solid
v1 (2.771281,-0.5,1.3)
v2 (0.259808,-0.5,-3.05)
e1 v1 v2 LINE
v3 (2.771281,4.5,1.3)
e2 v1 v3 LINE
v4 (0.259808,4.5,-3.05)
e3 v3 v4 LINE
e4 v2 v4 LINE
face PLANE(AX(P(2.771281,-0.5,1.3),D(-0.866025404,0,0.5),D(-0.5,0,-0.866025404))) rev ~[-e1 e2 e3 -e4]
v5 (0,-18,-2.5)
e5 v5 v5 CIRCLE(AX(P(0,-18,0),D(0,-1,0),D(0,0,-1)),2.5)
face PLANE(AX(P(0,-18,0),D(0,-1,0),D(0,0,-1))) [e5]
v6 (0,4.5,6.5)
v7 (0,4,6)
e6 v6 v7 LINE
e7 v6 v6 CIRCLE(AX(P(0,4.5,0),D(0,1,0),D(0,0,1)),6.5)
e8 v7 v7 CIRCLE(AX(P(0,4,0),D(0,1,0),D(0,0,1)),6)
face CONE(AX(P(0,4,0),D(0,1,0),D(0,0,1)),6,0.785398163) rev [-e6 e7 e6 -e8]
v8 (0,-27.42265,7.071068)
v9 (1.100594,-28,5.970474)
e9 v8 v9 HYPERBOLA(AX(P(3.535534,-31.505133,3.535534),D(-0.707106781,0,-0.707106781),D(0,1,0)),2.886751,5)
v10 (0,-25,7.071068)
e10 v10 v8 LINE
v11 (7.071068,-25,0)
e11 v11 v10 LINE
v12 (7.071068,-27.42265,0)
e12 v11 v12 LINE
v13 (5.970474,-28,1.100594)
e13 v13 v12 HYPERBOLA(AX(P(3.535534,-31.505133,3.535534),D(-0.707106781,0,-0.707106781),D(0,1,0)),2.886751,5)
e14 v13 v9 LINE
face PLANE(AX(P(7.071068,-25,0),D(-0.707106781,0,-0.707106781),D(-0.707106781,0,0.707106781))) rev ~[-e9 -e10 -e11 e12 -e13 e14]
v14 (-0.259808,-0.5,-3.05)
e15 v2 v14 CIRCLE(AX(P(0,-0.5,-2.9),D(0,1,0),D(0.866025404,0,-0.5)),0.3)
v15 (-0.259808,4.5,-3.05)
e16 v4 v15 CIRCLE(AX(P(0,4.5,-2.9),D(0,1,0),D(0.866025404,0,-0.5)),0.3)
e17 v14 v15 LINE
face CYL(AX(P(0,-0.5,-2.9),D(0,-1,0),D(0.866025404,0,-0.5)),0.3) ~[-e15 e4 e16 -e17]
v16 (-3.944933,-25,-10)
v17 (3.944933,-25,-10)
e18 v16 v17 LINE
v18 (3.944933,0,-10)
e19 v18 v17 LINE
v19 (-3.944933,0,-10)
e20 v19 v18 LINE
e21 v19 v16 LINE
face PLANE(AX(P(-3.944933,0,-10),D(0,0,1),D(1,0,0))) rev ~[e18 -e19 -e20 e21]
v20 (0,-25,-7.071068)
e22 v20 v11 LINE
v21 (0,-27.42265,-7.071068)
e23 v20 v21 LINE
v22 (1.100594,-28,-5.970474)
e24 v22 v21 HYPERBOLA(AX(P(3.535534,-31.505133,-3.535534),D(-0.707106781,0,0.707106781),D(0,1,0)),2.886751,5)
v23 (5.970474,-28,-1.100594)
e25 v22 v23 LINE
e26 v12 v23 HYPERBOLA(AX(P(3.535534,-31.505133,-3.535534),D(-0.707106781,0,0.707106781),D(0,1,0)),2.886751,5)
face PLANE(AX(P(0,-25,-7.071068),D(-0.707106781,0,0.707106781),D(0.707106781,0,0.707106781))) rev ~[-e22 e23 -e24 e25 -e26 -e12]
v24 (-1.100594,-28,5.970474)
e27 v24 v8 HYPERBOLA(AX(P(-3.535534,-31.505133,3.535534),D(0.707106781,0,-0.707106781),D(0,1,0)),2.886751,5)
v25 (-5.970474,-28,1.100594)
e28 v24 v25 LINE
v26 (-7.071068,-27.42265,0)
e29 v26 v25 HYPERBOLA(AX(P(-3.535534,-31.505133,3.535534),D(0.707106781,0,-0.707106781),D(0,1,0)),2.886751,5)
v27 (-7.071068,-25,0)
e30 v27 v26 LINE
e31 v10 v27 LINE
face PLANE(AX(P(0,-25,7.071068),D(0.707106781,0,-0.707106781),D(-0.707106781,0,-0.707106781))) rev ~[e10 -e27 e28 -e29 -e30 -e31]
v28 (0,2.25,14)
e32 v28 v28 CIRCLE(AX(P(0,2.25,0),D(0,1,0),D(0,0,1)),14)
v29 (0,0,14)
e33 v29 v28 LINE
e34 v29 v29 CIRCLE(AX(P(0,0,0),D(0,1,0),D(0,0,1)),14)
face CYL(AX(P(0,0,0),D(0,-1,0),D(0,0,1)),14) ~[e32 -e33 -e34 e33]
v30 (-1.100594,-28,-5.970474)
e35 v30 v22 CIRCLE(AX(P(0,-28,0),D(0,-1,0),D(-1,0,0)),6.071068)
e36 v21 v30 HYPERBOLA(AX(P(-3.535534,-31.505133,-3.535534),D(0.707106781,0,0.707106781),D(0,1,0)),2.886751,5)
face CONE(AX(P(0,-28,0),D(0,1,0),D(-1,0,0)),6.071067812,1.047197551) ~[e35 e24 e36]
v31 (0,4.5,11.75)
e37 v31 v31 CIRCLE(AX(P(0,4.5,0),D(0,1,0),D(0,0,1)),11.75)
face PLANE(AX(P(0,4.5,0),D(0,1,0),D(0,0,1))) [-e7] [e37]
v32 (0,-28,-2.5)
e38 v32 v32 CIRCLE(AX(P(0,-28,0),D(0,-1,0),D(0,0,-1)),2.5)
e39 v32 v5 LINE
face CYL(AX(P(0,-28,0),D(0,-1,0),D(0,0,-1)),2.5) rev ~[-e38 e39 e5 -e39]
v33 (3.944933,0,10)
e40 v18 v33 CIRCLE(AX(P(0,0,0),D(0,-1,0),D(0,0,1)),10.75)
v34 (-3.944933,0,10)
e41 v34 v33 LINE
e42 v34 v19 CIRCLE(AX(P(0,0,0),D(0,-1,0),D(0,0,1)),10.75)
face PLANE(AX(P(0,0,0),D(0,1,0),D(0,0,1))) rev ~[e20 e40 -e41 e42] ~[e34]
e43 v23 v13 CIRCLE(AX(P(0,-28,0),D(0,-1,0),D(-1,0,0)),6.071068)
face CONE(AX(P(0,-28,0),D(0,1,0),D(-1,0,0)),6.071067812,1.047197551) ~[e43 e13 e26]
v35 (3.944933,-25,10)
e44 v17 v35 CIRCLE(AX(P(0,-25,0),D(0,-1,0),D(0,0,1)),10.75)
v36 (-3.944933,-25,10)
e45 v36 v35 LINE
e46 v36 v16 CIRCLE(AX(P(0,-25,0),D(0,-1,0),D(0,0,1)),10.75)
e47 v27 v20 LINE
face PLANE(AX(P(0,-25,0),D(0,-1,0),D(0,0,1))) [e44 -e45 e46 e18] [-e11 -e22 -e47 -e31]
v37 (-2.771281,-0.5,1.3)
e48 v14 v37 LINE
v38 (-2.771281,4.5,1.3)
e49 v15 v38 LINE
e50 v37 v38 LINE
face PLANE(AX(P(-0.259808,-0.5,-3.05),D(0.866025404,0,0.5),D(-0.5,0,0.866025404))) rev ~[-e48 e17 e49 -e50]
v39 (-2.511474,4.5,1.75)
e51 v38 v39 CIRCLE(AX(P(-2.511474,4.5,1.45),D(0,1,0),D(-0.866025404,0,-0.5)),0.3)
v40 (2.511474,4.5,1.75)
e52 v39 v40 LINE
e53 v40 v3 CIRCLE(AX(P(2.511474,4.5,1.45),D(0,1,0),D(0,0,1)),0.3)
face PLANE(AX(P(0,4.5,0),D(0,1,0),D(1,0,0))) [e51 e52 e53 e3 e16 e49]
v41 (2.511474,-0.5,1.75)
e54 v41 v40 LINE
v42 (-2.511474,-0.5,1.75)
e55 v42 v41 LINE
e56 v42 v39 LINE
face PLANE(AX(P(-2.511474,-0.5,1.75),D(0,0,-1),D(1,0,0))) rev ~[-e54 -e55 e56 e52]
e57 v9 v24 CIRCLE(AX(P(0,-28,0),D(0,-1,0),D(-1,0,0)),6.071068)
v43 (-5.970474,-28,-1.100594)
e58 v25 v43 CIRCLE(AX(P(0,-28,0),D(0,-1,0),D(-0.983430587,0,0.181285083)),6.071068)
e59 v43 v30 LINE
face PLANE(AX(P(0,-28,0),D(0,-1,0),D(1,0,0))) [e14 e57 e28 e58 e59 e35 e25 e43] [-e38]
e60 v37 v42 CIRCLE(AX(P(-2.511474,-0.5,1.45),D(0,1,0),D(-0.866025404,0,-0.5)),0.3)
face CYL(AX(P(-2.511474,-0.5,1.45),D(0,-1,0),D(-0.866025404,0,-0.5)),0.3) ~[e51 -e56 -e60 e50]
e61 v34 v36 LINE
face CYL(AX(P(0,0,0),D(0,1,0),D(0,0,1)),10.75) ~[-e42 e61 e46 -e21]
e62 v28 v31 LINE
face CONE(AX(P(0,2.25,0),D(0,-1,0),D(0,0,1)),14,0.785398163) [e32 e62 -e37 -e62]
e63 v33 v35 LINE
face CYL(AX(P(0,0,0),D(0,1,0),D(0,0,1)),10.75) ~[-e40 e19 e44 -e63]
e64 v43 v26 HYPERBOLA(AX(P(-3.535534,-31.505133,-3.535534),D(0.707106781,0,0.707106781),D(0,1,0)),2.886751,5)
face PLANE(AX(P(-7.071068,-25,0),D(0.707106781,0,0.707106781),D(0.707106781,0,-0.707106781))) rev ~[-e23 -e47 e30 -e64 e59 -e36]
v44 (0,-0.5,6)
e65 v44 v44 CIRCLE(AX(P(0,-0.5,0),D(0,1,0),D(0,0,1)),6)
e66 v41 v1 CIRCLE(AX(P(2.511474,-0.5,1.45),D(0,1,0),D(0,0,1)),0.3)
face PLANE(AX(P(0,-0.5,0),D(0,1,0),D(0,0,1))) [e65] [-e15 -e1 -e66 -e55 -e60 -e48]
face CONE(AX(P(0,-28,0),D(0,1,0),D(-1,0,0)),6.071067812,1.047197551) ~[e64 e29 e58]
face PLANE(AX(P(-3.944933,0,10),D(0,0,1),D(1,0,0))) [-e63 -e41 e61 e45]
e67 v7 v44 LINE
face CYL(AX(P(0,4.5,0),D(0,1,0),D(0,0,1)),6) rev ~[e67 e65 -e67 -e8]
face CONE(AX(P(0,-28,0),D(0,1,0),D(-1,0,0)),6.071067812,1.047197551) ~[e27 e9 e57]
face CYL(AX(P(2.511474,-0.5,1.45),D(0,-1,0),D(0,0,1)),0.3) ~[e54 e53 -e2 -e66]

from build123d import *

# Parameters (mm, degrees)
SKETCH_1_R          = 14
EXTRUDE_1_DEPTH     = 4.5
CHAMFER_1_SIZE      = 2.25
SKETCH_2_R          = 10.75
EXTRUDE_2_DEPTH     = 25
CUT_EXTRUDE_START   = -25
CUT_EXTRUDE_1_DEPTH = 25
SKETCH_4_R          = 6
CUT_EXTRUDE_2_DEPTH = 5
EXTRUDE_3_DEPTH     = 5
CHAMFER_2_SIZE      = 0.5
EXTRUDE_4_DEPTH     = 3
SKETCH_7_R          = 2.5
CUT_EXTRUDE_3_DEPTH = 10


with BuildPart() as part:
    # 草图1 → 凸台-拉伸1 (new body)
    with BuildSketch(Plane(origin=(0, 0, 0), x_dir=(1, 0, 0), z_dir=(0, 1, 0))):
        with Locations(Location((0, 0, 0), (0, 0, 270))):
            Circle(SKETCH_1_R)
    extrude(amount=EXTRUDE_1_DEPTH)

    # 倒角1
    chamfer_1_edges = [part.edges().sort_by_distance(p)[0] for p in [
        (0, 4.5, -14),
    ]]
    chamfer(chamfer_1_edges, length=CHAMFER_1_SIZE)

    # 草图2 → 凸台-拉伸2 (add)
    with BuildSketch(Plane.XZ):
        with Locations(Location((0, 0, 0), (0, 0, 90))):
            Circle(SKETCH_2_R)
    extrude(amount=EXTRUDE_2_DEPTH)

    # 草图3 → 切除-拉伸1 (cut)
    with BuildSketch(Plane.XZ.offset(25).offset(CUT_EXTRUDE_START)):
        with BuildLine():
            Line((-3.94493346, -10), (3.94493346, -10))
            ThreePointArc((3.94493346, -10), (0, -10.75), (-3.94493346, -10))
        make_face()
        with BuildLine():
            Line((-3.94493346, 10), (3.94493346, 10))
            ThreePointArc((3.94493346, 10), (0, 10.75), (-3.94493346, 10))
        make_face()
    extrude(amount=CUT_EXTRUDE_1_DEPTH, mode=Mode.SUBTRACT)

    # 草图4 → 切除-拉伸2 (cut)
    with BuildSketch(Plane(origin=(0, 4.5, 0), x_dir=(1, 0, 0), z_dir=(0, 1, 0))):
        with Locations(Location((0, 0, 0), (0, 0, 270))):
            Circle(SKETCH_4_R)
    extrude(amount=-CUT_EXTRUDE_2_DEPTH, mode=Mode.SUBTRACT)

    # 草图5 → 凸台-拉伸3 (add)
    with BuildSketch(Plane(origin=(0, -0.5, 0), x_dir=(1, 0, 0), z_dir=(0, 1, 0))):
        with BuildLine():
            Line((-0.259807621, 3.05), (-2.771281292, -1.3))
            ThreePointArc((-2.771281292, -1.3), (-2.771281292, -1.6), (-2.511473671, -1.75))
            Line((-2.511473671, -1.75), (2.511473671, -1.75))
            ThreePointArc((2.511473671, -1.75), (2.771281292, -1.6), (2.771281292, -1.3))
            Line((2.771281292, -1.3), (0.259807621, 3.05))
            ThreePointArc((0.259807621, 3.05), (0, 3.2), (-0.259807621, 3.05))
        make_face()
    extrude(amount=EXTRUDE_3_DEPTH)

    # 倒角2
    chamfer_2_edges = [part.edges().sort_by_distance(p)[0] for p in [
        (0, 4.5, -6),
    ]]
    chamfer(chamfer_2_edges, length=CHAMFER_2_SIZE)

    # 草图6 → 凸台-拉伸4 (add)
    with BuildSketch(Plane.XZ.offset(25)):
        Polygon((7.071067812, 0), (0, 7.071067812), (-7.071067812, 0), (0, -7.071067812), align=None)
    extrude(amount=EXTRUDE_4_DEPTH)

    # 草图7 → 切除-拉伸3 (cut)
    with BuildSketch(Plane.XZ.offset(28)):
        with Locations(Location((0, 0, 0), (0, 0, 270))):
            Circle(SKETCH_7_R)
    extrude(amount=-CUT_EXTRUDE_3_DEPTH, mode=Mode.SUBTRACT)

    # 草图9 → 切除-旋转3 (revolve, cut)
    with BuildSketch(Plane.XY):
        Polygon((-7.071067812, -27.422649731), (-7.071067812, -28), (-6.071067812, -28), align=None)
    revolve(axis=Axis((0, 0, 0), (0, -1, 0)), mode=Mode.SUBTRACT)


solid = part.part
